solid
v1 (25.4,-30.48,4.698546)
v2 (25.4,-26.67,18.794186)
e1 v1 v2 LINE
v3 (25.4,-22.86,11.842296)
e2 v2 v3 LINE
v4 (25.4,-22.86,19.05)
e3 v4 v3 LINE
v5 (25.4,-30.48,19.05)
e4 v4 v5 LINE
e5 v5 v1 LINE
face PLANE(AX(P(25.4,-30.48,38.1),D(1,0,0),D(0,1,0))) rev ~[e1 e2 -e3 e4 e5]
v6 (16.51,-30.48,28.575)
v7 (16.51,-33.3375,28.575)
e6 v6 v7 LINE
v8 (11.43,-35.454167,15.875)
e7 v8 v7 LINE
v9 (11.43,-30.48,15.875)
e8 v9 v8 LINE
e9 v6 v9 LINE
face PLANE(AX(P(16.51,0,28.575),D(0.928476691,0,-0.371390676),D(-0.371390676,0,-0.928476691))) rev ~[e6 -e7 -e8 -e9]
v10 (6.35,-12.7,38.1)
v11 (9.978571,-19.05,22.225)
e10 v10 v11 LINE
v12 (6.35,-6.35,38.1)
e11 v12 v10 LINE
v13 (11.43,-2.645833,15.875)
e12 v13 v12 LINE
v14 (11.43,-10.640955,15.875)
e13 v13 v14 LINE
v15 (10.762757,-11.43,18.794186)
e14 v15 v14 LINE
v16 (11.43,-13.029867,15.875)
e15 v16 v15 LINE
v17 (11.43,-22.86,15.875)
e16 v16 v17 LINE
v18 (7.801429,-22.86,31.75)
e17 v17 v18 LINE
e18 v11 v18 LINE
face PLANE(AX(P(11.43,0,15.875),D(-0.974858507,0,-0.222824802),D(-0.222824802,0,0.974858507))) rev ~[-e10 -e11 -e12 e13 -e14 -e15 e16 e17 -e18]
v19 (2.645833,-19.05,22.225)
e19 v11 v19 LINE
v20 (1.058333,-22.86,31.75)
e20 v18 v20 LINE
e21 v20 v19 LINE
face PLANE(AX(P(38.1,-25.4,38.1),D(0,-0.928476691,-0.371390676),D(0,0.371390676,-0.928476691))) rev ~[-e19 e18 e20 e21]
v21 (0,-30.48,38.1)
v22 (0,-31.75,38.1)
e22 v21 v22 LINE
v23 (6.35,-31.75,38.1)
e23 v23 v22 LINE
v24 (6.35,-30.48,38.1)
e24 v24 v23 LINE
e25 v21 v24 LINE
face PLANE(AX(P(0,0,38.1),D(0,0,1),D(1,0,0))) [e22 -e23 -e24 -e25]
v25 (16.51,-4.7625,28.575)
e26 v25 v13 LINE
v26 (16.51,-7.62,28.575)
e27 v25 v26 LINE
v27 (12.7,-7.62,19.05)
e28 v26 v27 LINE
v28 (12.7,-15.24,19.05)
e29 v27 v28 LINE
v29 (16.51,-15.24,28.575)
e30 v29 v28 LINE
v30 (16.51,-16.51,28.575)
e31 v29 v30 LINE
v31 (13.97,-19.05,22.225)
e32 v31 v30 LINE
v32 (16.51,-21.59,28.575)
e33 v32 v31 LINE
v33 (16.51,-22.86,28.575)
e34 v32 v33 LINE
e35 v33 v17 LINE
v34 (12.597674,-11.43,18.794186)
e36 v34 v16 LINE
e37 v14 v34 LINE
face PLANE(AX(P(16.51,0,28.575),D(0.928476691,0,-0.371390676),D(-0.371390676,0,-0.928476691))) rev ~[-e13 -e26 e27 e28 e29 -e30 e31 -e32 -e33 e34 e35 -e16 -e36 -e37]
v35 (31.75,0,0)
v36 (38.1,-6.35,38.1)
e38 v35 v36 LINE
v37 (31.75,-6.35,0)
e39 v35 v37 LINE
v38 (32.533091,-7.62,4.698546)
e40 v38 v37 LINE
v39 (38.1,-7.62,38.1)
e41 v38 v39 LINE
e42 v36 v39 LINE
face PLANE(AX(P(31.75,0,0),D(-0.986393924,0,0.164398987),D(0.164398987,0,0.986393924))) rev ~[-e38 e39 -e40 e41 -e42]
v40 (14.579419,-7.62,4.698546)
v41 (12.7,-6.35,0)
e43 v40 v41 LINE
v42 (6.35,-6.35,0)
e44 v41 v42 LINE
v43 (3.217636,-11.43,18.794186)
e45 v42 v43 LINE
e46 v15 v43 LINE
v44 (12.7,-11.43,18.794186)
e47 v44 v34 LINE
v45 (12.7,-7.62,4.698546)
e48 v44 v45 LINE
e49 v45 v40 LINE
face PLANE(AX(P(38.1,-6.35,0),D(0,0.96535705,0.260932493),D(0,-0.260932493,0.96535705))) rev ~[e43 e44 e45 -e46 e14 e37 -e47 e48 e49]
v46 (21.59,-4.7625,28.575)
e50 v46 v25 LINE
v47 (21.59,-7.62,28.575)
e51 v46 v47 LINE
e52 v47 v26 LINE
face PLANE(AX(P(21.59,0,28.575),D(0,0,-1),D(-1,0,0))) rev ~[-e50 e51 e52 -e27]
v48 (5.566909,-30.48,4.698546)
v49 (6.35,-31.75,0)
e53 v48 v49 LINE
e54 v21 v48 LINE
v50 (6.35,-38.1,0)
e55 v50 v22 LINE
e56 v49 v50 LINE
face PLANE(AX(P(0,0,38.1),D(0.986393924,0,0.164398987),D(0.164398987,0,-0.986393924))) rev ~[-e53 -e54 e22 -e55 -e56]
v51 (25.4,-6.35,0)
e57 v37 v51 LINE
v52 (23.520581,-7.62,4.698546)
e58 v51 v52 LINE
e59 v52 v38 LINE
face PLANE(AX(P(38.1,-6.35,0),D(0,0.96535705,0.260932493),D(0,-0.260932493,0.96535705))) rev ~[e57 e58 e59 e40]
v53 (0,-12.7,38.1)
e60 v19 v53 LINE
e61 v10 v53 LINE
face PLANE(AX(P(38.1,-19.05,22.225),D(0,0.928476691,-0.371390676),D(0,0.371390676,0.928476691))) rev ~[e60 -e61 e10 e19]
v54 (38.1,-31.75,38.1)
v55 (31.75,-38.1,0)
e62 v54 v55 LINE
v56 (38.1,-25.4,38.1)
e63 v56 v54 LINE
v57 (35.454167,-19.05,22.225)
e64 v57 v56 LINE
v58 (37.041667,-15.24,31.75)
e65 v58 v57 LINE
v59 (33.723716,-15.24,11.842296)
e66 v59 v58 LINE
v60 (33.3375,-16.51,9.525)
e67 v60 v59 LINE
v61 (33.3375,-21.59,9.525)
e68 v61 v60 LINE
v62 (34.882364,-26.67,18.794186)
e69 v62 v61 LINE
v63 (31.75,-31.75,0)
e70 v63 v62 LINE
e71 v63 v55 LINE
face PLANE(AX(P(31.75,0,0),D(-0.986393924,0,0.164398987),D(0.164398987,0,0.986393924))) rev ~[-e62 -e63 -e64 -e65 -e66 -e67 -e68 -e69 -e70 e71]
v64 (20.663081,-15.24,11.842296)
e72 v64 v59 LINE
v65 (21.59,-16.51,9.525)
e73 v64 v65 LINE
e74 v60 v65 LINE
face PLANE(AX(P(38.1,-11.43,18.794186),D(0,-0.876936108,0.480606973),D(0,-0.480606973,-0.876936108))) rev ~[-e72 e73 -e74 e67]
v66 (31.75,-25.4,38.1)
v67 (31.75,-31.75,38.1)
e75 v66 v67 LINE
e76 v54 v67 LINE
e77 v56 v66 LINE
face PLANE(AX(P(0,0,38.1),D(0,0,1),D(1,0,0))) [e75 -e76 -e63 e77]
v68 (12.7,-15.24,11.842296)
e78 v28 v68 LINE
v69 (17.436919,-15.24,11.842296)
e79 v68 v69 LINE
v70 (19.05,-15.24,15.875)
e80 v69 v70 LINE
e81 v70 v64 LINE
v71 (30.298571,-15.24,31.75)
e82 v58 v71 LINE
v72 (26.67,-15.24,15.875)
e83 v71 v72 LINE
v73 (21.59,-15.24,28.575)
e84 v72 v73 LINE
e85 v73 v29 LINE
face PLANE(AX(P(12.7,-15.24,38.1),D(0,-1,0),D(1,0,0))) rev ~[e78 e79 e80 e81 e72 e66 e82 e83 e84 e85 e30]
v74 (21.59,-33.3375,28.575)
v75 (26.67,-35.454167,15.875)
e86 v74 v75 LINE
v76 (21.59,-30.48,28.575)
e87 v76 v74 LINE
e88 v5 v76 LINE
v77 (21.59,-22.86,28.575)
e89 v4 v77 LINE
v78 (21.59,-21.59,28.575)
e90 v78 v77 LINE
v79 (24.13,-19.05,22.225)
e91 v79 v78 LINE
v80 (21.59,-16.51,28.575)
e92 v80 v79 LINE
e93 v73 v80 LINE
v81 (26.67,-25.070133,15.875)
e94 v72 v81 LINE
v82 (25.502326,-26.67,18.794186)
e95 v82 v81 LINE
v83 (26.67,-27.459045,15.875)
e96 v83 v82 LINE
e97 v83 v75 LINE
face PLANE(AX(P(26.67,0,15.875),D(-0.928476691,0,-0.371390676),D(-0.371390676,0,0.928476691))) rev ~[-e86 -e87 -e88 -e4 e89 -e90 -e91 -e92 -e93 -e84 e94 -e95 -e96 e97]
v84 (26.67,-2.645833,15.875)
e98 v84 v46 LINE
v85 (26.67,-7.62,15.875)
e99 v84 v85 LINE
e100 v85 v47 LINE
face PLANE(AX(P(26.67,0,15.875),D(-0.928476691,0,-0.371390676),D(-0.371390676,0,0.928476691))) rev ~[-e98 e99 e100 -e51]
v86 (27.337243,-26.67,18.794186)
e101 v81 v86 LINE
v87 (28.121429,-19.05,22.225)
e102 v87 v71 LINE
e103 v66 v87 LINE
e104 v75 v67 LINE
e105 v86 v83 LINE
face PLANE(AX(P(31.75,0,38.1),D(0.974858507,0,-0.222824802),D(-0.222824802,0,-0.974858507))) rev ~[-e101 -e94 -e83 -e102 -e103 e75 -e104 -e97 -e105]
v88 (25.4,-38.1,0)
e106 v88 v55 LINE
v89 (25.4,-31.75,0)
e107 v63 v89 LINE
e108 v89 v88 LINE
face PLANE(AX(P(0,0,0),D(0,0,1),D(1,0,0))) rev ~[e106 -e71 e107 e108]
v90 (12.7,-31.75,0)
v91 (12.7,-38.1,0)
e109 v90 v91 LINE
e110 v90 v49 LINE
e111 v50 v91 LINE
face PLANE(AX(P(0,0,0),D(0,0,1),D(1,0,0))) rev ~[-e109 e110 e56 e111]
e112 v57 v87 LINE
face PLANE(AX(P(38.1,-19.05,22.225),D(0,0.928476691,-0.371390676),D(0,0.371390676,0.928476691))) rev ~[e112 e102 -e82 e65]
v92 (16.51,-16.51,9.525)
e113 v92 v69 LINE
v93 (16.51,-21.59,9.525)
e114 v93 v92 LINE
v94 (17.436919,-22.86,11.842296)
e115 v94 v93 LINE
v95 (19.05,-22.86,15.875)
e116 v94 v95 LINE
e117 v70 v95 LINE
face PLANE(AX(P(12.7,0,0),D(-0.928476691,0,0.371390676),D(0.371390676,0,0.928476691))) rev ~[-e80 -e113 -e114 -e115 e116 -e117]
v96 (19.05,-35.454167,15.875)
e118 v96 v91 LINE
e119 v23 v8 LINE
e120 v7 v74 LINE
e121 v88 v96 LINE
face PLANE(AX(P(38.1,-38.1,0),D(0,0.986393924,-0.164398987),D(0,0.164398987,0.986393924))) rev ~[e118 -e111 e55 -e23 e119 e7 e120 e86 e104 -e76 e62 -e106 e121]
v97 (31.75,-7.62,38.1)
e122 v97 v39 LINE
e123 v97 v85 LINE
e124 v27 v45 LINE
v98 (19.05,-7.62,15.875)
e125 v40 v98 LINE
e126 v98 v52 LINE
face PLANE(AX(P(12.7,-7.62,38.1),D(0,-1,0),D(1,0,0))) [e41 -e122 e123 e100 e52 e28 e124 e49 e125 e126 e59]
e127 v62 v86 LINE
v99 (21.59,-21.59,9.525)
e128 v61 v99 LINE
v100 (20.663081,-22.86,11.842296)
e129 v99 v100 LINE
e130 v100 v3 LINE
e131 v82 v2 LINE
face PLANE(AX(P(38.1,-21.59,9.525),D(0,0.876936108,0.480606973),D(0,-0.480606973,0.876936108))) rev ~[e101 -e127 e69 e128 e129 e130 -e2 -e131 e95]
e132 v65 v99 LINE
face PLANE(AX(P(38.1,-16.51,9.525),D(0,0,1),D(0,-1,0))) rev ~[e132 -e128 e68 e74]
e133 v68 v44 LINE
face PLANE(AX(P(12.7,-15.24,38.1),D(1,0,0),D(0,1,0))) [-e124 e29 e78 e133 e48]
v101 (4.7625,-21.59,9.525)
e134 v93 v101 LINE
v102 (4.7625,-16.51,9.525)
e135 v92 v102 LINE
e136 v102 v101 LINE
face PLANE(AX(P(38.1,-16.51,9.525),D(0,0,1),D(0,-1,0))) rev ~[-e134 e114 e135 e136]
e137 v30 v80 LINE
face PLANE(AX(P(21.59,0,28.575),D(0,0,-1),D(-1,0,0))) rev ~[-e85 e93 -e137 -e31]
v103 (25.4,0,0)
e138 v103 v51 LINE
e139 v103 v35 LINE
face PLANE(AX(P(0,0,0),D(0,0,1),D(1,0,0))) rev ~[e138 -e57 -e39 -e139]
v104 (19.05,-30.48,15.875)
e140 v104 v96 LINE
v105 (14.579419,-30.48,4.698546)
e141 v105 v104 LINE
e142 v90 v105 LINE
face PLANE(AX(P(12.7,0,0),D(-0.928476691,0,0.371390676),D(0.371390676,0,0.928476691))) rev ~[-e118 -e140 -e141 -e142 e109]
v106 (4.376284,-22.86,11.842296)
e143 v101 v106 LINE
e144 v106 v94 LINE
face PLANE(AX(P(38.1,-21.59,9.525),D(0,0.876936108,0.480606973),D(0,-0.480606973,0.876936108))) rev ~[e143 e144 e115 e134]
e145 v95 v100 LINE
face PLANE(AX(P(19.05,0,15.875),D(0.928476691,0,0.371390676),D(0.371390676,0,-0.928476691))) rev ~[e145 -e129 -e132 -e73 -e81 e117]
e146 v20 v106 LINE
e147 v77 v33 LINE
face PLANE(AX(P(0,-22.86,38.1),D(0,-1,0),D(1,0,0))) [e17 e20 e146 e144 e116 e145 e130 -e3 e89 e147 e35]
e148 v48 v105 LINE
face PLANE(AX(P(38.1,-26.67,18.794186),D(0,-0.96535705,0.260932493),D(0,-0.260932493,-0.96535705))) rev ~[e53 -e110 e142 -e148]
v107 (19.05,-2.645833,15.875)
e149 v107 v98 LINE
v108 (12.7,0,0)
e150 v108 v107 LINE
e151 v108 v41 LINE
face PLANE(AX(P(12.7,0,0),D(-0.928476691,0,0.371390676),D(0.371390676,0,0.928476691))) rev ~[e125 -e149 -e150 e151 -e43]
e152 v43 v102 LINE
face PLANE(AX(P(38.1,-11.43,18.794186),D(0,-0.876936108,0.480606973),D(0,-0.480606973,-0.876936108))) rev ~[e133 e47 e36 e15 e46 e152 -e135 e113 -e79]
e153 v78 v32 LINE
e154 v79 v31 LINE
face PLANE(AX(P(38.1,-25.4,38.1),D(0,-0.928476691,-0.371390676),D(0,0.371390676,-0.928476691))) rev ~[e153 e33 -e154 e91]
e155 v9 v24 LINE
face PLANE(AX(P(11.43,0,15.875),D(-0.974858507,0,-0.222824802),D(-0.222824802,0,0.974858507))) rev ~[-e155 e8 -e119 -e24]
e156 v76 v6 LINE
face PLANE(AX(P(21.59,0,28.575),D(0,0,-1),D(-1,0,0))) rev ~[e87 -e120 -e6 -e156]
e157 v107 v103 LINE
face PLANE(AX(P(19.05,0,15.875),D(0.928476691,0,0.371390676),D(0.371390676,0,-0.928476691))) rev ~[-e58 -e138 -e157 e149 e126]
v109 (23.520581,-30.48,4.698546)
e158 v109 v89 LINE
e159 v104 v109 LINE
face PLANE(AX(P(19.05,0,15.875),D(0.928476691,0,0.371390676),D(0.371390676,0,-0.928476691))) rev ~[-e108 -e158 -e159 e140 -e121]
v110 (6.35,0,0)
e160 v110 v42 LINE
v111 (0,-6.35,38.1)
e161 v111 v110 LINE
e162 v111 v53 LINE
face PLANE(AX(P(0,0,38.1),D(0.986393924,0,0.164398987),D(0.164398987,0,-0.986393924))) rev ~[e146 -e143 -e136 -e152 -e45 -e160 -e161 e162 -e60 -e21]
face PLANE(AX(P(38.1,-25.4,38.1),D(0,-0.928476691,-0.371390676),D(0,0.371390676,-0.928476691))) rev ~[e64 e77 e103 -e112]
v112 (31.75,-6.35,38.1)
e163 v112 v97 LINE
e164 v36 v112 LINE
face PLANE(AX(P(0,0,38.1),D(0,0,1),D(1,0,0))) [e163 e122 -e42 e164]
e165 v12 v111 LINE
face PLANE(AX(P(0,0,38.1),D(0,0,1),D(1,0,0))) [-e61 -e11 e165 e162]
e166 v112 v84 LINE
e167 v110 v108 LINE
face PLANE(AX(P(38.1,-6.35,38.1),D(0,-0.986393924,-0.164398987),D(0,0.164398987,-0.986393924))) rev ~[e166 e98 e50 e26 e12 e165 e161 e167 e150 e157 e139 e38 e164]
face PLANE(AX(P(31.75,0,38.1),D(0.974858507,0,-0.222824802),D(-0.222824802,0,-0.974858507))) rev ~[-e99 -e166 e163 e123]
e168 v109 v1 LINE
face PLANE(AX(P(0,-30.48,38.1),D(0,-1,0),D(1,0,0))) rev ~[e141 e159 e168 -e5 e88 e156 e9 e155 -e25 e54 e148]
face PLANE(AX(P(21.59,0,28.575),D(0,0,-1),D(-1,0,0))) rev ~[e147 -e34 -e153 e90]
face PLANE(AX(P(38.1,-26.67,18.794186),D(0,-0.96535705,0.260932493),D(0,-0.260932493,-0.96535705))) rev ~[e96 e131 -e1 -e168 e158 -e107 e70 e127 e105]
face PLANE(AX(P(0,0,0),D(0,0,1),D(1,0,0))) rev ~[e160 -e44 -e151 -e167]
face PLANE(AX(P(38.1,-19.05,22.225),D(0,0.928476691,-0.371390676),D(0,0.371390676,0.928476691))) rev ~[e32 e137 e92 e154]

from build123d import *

# Parameters (mm, degrees)
F0_W     = 38.1
F0_H     = 38.1
F1_DEPTH = 38.1
F5_DEPTH = 38.1
F7_DEPTH = 38.1
F8_W     = 25.4
F8_H     = 7.62
F9_DEPTH = 38.1


with BuildPart() as f1:
    # F0 (on Front) → F1 (new body)
    with BuildSketch(Plane.XZ):
        with Locations((19.05, 19.05)):
            Rectangle(F0_W, F0_H)
    extrude(amount=F1_DEPTH)

    # F4 (on face) → F5 (cut)
    with BuildSketch(Plane(origin=(0, 0, 0), x_dir=(-1, 0, 0), z_dir=(0, 1, 0))):
        Polygon((-6.35, 38.1), (-31.75, 38.1), (-26.67, 15.875), (-21.59, 28.575), (-16.51, 28.575), (-11.43, 15.875), align=None)
        Polygon((-31.75, 0), (-38.1, 38.1), (-38.1, 0), align=None)
        Polygon((-19.05, 15.875), (-25.4, 0), (-12.7, 0), align=None)
        Polygon((0, 0), (0, 38.1), (-6.35, 0), align=None)
    extrude(amount=-F5_DEPTH, mode=Mode.SUBTRACT)

    # F6 (on offset) → F7 (cut)
    with BuildSketch(Plane.YZ.offset(38.1)):
        Polygon((-38.1, 38.1), (-38.1, 0), (-31.75, 38.1), align=None)
        Polygon((-19.05, 22.225), (-12.7, 38.1), (-25.4, 38.1), align=None)
        Polygon((-6.35, 38.1), (0, 0), (0, 38.1), align=None)
        Polygon((-31.75, 0), (-6.35, 0), (-11.43, 18.794186), (-16.51, 9.525), (-21.59, 9.525), (-26.67, 18.794186), align=None)
    extrude(amount=-F7_DEPTH, mode=Mode.SUBTRACT)

    # F8 (on offset) → F9 (cut)
    with BuildSketch(Plane.XY.offset(38.1)):
        with Locations((25.4, -11.43)):
            Rectangle(F8_W, F8_H)
        with Locations((12.7, -26.67)):
            Rectangle(F8_W, F8_H)
    extrude(amount=-F9_DEPTH, mode=Mode.SUBTRACT)


solid = f1.part
